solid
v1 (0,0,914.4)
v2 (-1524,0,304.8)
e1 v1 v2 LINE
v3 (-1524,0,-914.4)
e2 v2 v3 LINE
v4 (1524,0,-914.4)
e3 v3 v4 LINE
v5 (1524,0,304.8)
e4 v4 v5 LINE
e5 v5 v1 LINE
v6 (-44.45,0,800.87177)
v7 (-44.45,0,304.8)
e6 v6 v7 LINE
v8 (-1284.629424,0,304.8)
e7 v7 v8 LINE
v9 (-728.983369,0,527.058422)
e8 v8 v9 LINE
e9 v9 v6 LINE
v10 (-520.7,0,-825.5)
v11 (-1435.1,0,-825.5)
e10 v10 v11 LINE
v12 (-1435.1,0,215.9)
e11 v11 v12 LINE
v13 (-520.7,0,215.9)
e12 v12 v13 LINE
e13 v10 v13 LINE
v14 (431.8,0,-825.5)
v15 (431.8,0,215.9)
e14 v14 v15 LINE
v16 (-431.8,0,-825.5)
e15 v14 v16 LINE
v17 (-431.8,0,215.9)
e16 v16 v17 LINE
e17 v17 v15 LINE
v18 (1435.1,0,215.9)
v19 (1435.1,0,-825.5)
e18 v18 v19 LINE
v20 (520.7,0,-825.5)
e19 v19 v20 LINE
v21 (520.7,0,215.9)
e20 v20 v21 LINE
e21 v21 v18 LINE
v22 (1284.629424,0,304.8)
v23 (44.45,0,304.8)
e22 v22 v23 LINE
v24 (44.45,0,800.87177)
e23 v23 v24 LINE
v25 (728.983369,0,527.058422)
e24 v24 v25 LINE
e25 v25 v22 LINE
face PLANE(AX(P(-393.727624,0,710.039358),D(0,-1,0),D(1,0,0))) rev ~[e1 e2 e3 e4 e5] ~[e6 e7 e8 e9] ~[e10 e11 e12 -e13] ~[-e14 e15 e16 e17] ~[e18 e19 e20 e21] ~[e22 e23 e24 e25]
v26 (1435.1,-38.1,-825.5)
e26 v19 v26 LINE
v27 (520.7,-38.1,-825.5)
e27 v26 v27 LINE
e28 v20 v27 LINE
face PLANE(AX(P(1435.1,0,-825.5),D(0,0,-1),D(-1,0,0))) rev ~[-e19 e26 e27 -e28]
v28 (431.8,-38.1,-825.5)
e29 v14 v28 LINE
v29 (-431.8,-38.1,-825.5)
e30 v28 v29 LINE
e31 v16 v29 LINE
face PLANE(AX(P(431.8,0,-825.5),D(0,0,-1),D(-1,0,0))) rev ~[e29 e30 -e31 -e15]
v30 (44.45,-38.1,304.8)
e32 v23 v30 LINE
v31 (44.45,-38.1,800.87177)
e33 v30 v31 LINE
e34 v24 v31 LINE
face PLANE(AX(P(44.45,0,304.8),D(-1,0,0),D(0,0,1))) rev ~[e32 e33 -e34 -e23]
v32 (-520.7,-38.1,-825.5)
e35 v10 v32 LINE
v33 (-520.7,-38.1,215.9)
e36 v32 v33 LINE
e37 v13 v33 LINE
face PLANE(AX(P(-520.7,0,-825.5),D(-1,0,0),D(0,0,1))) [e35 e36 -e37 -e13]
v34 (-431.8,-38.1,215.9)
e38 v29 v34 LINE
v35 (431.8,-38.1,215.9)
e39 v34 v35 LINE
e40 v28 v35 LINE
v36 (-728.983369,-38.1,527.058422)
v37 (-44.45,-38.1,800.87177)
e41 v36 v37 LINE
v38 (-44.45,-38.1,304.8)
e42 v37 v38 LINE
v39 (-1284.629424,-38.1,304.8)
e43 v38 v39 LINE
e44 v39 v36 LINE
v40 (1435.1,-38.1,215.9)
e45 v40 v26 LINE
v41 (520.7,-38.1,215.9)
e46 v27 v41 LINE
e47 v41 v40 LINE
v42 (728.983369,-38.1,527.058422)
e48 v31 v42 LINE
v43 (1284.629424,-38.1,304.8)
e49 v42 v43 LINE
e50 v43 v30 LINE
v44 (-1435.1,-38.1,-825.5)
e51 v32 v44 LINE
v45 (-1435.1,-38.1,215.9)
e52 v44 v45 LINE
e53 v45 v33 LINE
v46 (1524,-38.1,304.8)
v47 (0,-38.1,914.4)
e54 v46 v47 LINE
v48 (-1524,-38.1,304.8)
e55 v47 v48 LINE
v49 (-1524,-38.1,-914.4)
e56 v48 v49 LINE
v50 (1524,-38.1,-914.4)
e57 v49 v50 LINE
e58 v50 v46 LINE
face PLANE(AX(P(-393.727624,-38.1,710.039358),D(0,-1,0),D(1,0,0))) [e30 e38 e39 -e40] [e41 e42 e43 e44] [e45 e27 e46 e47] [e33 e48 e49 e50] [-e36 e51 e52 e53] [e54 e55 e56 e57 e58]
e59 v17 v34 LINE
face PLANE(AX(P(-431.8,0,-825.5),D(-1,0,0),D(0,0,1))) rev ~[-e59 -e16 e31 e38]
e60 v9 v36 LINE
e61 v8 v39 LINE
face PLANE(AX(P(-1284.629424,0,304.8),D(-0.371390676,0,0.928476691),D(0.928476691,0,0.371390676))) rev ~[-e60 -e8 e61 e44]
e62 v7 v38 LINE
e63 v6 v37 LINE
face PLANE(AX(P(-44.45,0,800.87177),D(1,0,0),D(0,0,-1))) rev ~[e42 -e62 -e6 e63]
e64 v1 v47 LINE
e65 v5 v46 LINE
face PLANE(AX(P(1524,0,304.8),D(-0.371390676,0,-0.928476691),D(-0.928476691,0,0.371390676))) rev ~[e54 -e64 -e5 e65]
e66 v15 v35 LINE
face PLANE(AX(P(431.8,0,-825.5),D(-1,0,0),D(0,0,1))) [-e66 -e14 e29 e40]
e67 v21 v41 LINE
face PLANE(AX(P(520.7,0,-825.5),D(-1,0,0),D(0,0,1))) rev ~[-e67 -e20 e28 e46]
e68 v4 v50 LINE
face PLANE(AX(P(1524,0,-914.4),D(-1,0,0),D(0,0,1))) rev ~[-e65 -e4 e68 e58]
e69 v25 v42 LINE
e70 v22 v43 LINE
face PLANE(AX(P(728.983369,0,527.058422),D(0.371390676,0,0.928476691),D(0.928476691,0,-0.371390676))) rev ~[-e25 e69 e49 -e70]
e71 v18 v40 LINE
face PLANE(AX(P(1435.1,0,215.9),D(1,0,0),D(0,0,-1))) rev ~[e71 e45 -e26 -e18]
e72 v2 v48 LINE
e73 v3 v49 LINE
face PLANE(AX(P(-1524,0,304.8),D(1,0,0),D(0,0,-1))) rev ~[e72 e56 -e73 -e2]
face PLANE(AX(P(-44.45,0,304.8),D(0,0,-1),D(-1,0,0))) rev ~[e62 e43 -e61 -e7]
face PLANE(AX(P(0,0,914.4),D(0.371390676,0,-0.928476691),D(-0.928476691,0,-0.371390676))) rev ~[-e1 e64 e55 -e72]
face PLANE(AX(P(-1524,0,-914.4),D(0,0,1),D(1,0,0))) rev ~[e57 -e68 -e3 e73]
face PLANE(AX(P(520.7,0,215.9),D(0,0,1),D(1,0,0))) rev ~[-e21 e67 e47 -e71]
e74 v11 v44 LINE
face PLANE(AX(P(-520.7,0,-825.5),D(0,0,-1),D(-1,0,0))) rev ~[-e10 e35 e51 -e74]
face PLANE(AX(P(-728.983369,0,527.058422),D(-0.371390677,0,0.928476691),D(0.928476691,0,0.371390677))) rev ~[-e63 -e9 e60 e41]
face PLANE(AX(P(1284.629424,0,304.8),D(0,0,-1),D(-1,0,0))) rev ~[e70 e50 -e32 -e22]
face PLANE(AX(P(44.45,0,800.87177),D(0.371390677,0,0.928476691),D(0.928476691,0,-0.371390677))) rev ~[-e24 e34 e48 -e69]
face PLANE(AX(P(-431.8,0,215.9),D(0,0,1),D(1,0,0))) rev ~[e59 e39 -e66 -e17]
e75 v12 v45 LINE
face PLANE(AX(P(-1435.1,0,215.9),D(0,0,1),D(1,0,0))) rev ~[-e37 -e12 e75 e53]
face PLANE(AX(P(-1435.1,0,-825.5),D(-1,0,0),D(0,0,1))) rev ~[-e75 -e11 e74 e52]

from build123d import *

# Parameters (mm, degrees)
F0_W     = 88.9
F0_H     = 1041.4
F1_DEPTH = 38.1


with BuildPart() as f1:
    # F0 (on Front) → F1 (new body)
    with BuildSketch(Plane.XZ):
        Polygon((-44.45, 800.87177), (-44.45, 896.62), (-762, 609.6), (-728.983369, 527.058422), align=None)
        Polygon((-762, 609.6), (-1524, 304.8), (-1435.1, 304.8), (-1284.629424, 304.8), (-728.983369, 527.058422), align=None)
        Polygon((44.45, 896.62), (0, 914.4), (-44.45, 896.62), (-44.45, 800.87177), (-44.45, 304.8), (0, 304.8), (44.45, 304.8), (44.45, 800.87177), align=None)
        Polygon((1435.1, 304.8), (1524, 304.8), (762, 609.6), (728.983369, 527.058422), (1284.629424, 304.8), align=None)
        Polygon((-1284.629424, 304.8), (-1435.1, 304.8), (-1435.1, 215.9), (-520.7, 215.9), (-431.8, 215.9), (431.8, 215.9), (520.7, 215.9), (1435.1, 215.9), (1435.1, 304.8), (1284.629424, 304.8), (44.45, 304.8), (0, 304.8), (-44.45, 304.8), align=None)
        Polygon((762, 609.6), (44.45, 896.62), (44.45, 800.87177), (728.983369, 527.058422), align=None)
        Polygon((1524, -914.4), (1524, 304.8), (1435.1, 304.8), (1435.1, 215.9), (1435.1, -825.5), (1435.1, -914.4), align=None)
        Polygon((-1435.1, -825.5), (-1435.1, -914.4), (1435.1, -914.4), (1435.1, -825.5), (520.7, -825.5), (431.8, -825.5), (-431.8, -825.5), (-520.7, -825.5), align=None)
        Polygon((-1435.1, 304.8), (-1524, 304.8), (-1524, -914.4), (-1435.1, -914.4), (-1435.1, -825.5), (-1435.1, 215.9), align=None)
        with Locations((-476.25, -304.8)):
            Rectangle(F0_W, F0_H)
        with Locations((476.25, -304.8)):
            Rectangle(F0_W, F0_H)
    extrude(amount=F1_DEPTH)


solid = f1.part
